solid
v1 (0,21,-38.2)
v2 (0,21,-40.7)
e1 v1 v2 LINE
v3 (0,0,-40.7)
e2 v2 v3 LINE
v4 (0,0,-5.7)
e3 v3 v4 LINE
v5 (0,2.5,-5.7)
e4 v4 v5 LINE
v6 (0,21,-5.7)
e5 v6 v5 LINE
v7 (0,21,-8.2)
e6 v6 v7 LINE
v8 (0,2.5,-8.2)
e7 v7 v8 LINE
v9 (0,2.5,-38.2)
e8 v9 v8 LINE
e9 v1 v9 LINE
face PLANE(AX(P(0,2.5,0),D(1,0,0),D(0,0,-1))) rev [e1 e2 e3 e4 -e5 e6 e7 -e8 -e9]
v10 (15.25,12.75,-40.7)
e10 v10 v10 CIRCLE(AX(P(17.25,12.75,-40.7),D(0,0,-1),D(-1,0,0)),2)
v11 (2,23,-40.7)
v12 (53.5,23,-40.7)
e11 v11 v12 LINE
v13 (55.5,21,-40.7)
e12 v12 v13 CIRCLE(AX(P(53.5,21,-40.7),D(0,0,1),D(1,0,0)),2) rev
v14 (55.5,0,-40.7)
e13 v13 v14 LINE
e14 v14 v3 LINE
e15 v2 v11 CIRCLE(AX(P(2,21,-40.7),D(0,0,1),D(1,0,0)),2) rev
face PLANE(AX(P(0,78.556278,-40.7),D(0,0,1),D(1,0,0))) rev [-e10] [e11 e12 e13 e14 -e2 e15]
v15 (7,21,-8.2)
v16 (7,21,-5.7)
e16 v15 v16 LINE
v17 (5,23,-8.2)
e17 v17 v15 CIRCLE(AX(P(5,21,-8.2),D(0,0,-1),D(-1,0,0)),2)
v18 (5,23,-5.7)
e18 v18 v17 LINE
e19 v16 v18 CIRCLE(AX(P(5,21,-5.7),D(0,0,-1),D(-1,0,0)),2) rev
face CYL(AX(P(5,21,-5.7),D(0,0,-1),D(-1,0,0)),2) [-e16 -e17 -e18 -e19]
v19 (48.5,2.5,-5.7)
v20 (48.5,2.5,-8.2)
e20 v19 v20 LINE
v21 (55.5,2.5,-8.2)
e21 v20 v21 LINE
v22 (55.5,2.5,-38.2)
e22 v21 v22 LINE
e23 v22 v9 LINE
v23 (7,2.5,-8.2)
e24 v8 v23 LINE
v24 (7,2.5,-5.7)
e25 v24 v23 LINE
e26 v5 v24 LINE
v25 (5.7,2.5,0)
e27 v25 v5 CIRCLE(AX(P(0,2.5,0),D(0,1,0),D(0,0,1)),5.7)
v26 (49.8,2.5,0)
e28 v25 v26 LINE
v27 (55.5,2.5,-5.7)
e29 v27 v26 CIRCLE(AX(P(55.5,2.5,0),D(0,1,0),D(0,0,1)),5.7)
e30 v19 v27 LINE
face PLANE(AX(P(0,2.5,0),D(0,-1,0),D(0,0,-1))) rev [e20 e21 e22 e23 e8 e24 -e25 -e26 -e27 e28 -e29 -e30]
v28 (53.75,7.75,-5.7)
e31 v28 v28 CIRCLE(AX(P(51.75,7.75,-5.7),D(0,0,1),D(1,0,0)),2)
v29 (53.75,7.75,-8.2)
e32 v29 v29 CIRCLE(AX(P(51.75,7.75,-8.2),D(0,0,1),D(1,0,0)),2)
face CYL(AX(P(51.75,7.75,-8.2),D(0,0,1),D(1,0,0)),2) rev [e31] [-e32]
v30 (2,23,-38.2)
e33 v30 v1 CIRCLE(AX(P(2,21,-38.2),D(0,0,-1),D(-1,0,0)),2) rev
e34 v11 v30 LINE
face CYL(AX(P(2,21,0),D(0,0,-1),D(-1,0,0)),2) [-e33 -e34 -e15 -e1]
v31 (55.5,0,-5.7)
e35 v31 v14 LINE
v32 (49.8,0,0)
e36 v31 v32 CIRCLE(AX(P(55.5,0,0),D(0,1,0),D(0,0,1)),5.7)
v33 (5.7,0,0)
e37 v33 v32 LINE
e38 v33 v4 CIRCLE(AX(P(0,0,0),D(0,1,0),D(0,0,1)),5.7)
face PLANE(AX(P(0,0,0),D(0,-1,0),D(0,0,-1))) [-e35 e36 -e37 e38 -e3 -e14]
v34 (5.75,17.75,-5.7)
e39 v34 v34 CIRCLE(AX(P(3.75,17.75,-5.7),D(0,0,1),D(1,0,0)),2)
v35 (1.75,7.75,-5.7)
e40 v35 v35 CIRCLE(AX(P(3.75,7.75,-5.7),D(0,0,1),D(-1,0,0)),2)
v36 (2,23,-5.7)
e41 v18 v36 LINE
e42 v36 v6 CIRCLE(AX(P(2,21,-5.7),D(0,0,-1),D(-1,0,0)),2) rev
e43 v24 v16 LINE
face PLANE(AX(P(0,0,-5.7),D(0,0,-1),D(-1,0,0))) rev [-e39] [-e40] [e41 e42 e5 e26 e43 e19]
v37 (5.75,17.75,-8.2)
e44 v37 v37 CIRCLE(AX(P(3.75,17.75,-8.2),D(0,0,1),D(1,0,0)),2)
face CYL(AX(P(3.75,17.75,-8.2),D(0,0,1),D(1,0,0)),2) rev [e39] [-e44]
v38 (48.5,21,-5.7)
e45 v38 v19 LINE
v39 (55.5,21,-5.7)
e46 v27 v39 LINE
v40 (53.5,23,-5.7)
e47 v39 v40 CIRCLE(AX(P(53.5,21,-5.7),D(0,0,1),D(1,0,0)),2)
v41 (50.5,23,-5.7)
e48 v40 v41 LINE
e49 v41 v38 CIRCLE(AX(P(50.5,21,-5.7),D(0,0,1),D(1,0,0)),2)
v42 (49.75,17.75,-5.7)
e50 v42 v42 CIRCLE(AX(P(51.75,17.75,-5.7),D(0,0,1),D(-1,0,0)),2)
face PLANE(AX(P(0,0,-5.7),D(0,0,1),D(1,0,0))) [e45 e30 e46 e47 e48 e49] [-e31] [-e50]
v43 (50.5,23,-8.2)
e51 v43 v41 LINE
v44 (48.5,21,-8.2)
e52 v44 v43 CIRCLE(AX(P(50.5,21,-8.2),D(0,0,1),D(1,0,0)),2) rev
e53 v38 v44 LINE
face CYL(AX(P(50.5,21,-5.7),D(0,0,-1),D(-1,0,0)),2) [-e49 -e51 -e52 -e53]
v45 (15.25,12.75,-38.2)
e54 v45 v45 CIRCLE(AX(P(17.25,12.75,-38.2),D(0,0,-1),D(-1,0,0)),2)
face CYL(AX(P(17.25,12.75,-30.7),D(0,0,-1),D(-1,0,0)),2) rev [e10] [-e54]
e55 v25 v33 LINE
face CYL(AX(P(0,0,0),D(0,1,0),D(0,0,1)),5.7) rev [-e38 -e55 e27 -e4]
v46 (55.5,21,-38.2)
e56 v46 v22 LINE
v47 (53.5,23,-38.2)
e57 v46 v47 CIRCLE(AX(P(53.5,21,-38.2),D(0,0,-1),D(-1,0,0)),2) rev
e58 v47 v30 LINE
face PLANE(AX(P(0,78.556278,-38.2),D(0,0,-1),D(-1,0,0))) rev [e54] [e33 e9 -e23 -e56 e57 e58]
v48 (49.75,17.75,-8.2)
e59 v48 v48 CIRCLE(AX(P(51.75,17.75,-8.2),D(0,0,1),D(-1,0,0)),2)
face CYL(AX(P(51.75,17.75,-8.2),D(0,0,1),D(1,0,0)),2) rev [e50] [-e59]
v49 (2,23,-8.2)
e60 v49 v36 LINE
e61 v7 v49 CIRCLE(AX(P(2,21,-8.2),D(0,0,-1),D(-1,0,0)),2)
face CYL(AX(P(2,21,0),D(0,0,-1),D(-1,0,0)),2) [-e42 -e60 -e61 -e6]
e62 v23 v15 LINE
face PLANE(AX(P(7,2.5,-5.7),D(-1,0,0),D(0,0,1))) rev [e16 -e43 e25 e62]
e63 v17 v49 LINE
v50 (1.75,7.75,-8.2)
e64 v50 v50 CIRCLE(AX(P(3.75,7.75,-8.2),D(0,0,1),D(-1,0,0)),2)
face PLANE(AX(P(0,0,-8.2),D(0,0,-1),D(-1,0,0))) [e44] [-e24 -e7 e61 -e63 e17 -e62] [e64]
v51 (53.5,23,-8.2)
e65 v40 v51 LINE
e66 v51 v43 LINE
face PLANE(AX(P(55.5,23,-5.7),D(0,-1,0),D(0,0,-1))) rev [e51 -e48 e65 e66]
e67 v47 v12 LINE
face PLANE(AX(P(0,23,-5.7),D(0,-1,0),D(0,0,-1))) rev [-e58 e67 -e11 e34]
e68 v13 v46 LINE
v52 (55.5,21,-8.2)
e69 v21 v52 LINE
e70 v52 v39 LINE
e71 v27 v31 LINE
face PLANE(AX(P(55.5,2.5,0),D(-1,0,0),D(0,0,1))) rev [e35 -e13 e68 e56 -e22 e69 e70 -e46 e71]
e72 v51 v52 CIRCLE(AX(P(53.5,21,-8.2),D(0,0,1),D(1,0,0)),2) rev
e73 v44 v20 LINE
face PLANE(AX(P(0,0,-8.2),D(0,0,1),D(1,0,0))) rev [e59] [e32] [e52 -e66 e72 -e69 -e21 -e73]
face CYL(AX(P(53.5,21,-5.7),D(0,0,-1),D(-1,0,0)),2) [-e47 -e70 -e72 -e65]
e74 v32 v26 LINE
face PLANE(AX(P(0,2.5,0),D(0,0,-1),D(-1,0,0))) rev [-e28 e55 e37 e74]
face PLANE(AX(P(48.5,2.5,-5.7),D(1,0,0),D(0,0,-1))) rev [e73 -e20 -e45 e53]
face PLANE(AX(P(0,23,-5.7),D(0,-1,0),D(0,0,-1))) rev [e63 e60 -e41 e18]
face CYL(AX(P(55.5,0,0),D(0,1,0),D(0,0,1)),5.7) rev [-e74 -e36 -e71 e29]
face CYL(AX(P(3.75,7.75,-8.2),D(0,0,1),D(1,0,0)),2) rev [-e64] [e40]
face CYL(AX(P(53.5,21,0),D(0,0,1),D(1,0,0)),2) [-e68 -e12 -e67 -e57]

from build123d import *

# Parameters (mm, degrees)
SKETCH1_W                   = 55.5
SKETCH1_H                   = 38.2
BRACKETBASE_DEPTH           = 2.5
SKETCH2_W                   = 7
SKETCH2_H                   = 20.5
SERVOMOUNTINGHOLETABS_DEPTH = 2.5
SKETCH3_R                   = 2
SERVOMOUNTINGHOLES_DEPTH    = 2.5
SKETCH4_W                   = 55.5
SKETCH4_H                   = 2.5
BASEWALL_DEPTH              = 23
SKETCH6_R                   = 5.7
BASETRIM_DEPTH              = 2.5
FILLET1_R                   = 2
SKETCH7_R                   = 2
M4MOUNTINGHOLE_DEPTH        = 10


with BuildPart() as part:
    # Sketch1 → bracketBase (new body)
    with BuildSketch(Plane(origin=(0, 0, 0), x_dir=(1, 0, 0), z_dir=(0, 1, 0))):
        with Locations((27.75, 19.1)):
            Rectangle(SKETCH1_W, SKETCH1_H)
    extrude(amount=BRACKETBASE_DEPTH)

    # Sketch2 → servoMountingHoleTabs (add)
    with BuildSketch(Plane.XY.offset(-8.2)):
        with Locations((3.5, 12.75)):
            Rectangle(SKETCH2_W, SKETCH2_H)
        with Locations((52, 12.75)):
            Rectangle(SKETCH2_W, SKETCH2_H)
    extrude(amount=SERVOMOUNTINGHOLETABS_DEPTH)

    # Sketch3 → servoMountingHoles (cut)
    with BuildSketch(Plane.XY.offset(-5.7)):
        with Locations((3.75, 17.75)):
            Circle(SKETCH3_R)
        with Locations(Location((3.75, 7.75, 0), (0, 0, 180))):
            Circle(SKETCH3_R)
        with Locations((51.75, 7.75)):
            Circle(SKETCH3_R)
        with Locations(Location((51.75, 17.75, 0), (0, 0, 180))):
            Circle(SKETCH3_R)
    extrude(amount=-SERVOMOUNTINGHOLES_DEPTH, mode=Mode.SUBTRACT)

    # Sketch4 → baseWall (add)
    with BuildSketch(Plane(origin=(0, 0, 0), x_dir=(1, 0, 0), z_dir=(0, 1, 0))):
        with Locations((27.75, 39.45)):
            Rectangle(SKETCH4_W, SKETCH4_H)
    extrude(amount=BASEWALL_DEPTH)

    # Sketch6 → baseTrim (cut)
    with BuildSketch(Plane(origin=(0, 2.5, 0), x_dir=(1, 0, 0), z_dir=(0, 1, 0))):
        Circle(SKETCH6_R)
        with Locations((55.5, 0)):
            Circle(SKETCH6_R)
    extrude(amount=-BASETRIM_DEPTH, mode=Mode.SUBTRACT)

    # Fillet1
    fillet1_edges = [part.edges().sort_by_distance(p)[0] for p in [
        (0, 23, -6.95),
        (7, 23, -6.95),
        (55.5, 23, -6.95),
        (48.5, 23, -6.95),
        (55.5, 23, -39.45),
        (0, 23, -39.45),
    ]]
    fillet(fillet1_edges, radius=FILLET1_R)

    # Sketch7 → M4mountingHole (cut)
    with BuildSketch(Plane(origin=(0, 0, -40.7), x_dir=(-1, 0, 0), z_dir=(0, 0, -1))):
        with Locations((-17.25, 12.75)):
            Circle(SKETCH7_R)
    extrude(amount=-M4MOUNTINGHOLE_DEPTH, mode=Mode.SUBTRACT)


solid = part.part
